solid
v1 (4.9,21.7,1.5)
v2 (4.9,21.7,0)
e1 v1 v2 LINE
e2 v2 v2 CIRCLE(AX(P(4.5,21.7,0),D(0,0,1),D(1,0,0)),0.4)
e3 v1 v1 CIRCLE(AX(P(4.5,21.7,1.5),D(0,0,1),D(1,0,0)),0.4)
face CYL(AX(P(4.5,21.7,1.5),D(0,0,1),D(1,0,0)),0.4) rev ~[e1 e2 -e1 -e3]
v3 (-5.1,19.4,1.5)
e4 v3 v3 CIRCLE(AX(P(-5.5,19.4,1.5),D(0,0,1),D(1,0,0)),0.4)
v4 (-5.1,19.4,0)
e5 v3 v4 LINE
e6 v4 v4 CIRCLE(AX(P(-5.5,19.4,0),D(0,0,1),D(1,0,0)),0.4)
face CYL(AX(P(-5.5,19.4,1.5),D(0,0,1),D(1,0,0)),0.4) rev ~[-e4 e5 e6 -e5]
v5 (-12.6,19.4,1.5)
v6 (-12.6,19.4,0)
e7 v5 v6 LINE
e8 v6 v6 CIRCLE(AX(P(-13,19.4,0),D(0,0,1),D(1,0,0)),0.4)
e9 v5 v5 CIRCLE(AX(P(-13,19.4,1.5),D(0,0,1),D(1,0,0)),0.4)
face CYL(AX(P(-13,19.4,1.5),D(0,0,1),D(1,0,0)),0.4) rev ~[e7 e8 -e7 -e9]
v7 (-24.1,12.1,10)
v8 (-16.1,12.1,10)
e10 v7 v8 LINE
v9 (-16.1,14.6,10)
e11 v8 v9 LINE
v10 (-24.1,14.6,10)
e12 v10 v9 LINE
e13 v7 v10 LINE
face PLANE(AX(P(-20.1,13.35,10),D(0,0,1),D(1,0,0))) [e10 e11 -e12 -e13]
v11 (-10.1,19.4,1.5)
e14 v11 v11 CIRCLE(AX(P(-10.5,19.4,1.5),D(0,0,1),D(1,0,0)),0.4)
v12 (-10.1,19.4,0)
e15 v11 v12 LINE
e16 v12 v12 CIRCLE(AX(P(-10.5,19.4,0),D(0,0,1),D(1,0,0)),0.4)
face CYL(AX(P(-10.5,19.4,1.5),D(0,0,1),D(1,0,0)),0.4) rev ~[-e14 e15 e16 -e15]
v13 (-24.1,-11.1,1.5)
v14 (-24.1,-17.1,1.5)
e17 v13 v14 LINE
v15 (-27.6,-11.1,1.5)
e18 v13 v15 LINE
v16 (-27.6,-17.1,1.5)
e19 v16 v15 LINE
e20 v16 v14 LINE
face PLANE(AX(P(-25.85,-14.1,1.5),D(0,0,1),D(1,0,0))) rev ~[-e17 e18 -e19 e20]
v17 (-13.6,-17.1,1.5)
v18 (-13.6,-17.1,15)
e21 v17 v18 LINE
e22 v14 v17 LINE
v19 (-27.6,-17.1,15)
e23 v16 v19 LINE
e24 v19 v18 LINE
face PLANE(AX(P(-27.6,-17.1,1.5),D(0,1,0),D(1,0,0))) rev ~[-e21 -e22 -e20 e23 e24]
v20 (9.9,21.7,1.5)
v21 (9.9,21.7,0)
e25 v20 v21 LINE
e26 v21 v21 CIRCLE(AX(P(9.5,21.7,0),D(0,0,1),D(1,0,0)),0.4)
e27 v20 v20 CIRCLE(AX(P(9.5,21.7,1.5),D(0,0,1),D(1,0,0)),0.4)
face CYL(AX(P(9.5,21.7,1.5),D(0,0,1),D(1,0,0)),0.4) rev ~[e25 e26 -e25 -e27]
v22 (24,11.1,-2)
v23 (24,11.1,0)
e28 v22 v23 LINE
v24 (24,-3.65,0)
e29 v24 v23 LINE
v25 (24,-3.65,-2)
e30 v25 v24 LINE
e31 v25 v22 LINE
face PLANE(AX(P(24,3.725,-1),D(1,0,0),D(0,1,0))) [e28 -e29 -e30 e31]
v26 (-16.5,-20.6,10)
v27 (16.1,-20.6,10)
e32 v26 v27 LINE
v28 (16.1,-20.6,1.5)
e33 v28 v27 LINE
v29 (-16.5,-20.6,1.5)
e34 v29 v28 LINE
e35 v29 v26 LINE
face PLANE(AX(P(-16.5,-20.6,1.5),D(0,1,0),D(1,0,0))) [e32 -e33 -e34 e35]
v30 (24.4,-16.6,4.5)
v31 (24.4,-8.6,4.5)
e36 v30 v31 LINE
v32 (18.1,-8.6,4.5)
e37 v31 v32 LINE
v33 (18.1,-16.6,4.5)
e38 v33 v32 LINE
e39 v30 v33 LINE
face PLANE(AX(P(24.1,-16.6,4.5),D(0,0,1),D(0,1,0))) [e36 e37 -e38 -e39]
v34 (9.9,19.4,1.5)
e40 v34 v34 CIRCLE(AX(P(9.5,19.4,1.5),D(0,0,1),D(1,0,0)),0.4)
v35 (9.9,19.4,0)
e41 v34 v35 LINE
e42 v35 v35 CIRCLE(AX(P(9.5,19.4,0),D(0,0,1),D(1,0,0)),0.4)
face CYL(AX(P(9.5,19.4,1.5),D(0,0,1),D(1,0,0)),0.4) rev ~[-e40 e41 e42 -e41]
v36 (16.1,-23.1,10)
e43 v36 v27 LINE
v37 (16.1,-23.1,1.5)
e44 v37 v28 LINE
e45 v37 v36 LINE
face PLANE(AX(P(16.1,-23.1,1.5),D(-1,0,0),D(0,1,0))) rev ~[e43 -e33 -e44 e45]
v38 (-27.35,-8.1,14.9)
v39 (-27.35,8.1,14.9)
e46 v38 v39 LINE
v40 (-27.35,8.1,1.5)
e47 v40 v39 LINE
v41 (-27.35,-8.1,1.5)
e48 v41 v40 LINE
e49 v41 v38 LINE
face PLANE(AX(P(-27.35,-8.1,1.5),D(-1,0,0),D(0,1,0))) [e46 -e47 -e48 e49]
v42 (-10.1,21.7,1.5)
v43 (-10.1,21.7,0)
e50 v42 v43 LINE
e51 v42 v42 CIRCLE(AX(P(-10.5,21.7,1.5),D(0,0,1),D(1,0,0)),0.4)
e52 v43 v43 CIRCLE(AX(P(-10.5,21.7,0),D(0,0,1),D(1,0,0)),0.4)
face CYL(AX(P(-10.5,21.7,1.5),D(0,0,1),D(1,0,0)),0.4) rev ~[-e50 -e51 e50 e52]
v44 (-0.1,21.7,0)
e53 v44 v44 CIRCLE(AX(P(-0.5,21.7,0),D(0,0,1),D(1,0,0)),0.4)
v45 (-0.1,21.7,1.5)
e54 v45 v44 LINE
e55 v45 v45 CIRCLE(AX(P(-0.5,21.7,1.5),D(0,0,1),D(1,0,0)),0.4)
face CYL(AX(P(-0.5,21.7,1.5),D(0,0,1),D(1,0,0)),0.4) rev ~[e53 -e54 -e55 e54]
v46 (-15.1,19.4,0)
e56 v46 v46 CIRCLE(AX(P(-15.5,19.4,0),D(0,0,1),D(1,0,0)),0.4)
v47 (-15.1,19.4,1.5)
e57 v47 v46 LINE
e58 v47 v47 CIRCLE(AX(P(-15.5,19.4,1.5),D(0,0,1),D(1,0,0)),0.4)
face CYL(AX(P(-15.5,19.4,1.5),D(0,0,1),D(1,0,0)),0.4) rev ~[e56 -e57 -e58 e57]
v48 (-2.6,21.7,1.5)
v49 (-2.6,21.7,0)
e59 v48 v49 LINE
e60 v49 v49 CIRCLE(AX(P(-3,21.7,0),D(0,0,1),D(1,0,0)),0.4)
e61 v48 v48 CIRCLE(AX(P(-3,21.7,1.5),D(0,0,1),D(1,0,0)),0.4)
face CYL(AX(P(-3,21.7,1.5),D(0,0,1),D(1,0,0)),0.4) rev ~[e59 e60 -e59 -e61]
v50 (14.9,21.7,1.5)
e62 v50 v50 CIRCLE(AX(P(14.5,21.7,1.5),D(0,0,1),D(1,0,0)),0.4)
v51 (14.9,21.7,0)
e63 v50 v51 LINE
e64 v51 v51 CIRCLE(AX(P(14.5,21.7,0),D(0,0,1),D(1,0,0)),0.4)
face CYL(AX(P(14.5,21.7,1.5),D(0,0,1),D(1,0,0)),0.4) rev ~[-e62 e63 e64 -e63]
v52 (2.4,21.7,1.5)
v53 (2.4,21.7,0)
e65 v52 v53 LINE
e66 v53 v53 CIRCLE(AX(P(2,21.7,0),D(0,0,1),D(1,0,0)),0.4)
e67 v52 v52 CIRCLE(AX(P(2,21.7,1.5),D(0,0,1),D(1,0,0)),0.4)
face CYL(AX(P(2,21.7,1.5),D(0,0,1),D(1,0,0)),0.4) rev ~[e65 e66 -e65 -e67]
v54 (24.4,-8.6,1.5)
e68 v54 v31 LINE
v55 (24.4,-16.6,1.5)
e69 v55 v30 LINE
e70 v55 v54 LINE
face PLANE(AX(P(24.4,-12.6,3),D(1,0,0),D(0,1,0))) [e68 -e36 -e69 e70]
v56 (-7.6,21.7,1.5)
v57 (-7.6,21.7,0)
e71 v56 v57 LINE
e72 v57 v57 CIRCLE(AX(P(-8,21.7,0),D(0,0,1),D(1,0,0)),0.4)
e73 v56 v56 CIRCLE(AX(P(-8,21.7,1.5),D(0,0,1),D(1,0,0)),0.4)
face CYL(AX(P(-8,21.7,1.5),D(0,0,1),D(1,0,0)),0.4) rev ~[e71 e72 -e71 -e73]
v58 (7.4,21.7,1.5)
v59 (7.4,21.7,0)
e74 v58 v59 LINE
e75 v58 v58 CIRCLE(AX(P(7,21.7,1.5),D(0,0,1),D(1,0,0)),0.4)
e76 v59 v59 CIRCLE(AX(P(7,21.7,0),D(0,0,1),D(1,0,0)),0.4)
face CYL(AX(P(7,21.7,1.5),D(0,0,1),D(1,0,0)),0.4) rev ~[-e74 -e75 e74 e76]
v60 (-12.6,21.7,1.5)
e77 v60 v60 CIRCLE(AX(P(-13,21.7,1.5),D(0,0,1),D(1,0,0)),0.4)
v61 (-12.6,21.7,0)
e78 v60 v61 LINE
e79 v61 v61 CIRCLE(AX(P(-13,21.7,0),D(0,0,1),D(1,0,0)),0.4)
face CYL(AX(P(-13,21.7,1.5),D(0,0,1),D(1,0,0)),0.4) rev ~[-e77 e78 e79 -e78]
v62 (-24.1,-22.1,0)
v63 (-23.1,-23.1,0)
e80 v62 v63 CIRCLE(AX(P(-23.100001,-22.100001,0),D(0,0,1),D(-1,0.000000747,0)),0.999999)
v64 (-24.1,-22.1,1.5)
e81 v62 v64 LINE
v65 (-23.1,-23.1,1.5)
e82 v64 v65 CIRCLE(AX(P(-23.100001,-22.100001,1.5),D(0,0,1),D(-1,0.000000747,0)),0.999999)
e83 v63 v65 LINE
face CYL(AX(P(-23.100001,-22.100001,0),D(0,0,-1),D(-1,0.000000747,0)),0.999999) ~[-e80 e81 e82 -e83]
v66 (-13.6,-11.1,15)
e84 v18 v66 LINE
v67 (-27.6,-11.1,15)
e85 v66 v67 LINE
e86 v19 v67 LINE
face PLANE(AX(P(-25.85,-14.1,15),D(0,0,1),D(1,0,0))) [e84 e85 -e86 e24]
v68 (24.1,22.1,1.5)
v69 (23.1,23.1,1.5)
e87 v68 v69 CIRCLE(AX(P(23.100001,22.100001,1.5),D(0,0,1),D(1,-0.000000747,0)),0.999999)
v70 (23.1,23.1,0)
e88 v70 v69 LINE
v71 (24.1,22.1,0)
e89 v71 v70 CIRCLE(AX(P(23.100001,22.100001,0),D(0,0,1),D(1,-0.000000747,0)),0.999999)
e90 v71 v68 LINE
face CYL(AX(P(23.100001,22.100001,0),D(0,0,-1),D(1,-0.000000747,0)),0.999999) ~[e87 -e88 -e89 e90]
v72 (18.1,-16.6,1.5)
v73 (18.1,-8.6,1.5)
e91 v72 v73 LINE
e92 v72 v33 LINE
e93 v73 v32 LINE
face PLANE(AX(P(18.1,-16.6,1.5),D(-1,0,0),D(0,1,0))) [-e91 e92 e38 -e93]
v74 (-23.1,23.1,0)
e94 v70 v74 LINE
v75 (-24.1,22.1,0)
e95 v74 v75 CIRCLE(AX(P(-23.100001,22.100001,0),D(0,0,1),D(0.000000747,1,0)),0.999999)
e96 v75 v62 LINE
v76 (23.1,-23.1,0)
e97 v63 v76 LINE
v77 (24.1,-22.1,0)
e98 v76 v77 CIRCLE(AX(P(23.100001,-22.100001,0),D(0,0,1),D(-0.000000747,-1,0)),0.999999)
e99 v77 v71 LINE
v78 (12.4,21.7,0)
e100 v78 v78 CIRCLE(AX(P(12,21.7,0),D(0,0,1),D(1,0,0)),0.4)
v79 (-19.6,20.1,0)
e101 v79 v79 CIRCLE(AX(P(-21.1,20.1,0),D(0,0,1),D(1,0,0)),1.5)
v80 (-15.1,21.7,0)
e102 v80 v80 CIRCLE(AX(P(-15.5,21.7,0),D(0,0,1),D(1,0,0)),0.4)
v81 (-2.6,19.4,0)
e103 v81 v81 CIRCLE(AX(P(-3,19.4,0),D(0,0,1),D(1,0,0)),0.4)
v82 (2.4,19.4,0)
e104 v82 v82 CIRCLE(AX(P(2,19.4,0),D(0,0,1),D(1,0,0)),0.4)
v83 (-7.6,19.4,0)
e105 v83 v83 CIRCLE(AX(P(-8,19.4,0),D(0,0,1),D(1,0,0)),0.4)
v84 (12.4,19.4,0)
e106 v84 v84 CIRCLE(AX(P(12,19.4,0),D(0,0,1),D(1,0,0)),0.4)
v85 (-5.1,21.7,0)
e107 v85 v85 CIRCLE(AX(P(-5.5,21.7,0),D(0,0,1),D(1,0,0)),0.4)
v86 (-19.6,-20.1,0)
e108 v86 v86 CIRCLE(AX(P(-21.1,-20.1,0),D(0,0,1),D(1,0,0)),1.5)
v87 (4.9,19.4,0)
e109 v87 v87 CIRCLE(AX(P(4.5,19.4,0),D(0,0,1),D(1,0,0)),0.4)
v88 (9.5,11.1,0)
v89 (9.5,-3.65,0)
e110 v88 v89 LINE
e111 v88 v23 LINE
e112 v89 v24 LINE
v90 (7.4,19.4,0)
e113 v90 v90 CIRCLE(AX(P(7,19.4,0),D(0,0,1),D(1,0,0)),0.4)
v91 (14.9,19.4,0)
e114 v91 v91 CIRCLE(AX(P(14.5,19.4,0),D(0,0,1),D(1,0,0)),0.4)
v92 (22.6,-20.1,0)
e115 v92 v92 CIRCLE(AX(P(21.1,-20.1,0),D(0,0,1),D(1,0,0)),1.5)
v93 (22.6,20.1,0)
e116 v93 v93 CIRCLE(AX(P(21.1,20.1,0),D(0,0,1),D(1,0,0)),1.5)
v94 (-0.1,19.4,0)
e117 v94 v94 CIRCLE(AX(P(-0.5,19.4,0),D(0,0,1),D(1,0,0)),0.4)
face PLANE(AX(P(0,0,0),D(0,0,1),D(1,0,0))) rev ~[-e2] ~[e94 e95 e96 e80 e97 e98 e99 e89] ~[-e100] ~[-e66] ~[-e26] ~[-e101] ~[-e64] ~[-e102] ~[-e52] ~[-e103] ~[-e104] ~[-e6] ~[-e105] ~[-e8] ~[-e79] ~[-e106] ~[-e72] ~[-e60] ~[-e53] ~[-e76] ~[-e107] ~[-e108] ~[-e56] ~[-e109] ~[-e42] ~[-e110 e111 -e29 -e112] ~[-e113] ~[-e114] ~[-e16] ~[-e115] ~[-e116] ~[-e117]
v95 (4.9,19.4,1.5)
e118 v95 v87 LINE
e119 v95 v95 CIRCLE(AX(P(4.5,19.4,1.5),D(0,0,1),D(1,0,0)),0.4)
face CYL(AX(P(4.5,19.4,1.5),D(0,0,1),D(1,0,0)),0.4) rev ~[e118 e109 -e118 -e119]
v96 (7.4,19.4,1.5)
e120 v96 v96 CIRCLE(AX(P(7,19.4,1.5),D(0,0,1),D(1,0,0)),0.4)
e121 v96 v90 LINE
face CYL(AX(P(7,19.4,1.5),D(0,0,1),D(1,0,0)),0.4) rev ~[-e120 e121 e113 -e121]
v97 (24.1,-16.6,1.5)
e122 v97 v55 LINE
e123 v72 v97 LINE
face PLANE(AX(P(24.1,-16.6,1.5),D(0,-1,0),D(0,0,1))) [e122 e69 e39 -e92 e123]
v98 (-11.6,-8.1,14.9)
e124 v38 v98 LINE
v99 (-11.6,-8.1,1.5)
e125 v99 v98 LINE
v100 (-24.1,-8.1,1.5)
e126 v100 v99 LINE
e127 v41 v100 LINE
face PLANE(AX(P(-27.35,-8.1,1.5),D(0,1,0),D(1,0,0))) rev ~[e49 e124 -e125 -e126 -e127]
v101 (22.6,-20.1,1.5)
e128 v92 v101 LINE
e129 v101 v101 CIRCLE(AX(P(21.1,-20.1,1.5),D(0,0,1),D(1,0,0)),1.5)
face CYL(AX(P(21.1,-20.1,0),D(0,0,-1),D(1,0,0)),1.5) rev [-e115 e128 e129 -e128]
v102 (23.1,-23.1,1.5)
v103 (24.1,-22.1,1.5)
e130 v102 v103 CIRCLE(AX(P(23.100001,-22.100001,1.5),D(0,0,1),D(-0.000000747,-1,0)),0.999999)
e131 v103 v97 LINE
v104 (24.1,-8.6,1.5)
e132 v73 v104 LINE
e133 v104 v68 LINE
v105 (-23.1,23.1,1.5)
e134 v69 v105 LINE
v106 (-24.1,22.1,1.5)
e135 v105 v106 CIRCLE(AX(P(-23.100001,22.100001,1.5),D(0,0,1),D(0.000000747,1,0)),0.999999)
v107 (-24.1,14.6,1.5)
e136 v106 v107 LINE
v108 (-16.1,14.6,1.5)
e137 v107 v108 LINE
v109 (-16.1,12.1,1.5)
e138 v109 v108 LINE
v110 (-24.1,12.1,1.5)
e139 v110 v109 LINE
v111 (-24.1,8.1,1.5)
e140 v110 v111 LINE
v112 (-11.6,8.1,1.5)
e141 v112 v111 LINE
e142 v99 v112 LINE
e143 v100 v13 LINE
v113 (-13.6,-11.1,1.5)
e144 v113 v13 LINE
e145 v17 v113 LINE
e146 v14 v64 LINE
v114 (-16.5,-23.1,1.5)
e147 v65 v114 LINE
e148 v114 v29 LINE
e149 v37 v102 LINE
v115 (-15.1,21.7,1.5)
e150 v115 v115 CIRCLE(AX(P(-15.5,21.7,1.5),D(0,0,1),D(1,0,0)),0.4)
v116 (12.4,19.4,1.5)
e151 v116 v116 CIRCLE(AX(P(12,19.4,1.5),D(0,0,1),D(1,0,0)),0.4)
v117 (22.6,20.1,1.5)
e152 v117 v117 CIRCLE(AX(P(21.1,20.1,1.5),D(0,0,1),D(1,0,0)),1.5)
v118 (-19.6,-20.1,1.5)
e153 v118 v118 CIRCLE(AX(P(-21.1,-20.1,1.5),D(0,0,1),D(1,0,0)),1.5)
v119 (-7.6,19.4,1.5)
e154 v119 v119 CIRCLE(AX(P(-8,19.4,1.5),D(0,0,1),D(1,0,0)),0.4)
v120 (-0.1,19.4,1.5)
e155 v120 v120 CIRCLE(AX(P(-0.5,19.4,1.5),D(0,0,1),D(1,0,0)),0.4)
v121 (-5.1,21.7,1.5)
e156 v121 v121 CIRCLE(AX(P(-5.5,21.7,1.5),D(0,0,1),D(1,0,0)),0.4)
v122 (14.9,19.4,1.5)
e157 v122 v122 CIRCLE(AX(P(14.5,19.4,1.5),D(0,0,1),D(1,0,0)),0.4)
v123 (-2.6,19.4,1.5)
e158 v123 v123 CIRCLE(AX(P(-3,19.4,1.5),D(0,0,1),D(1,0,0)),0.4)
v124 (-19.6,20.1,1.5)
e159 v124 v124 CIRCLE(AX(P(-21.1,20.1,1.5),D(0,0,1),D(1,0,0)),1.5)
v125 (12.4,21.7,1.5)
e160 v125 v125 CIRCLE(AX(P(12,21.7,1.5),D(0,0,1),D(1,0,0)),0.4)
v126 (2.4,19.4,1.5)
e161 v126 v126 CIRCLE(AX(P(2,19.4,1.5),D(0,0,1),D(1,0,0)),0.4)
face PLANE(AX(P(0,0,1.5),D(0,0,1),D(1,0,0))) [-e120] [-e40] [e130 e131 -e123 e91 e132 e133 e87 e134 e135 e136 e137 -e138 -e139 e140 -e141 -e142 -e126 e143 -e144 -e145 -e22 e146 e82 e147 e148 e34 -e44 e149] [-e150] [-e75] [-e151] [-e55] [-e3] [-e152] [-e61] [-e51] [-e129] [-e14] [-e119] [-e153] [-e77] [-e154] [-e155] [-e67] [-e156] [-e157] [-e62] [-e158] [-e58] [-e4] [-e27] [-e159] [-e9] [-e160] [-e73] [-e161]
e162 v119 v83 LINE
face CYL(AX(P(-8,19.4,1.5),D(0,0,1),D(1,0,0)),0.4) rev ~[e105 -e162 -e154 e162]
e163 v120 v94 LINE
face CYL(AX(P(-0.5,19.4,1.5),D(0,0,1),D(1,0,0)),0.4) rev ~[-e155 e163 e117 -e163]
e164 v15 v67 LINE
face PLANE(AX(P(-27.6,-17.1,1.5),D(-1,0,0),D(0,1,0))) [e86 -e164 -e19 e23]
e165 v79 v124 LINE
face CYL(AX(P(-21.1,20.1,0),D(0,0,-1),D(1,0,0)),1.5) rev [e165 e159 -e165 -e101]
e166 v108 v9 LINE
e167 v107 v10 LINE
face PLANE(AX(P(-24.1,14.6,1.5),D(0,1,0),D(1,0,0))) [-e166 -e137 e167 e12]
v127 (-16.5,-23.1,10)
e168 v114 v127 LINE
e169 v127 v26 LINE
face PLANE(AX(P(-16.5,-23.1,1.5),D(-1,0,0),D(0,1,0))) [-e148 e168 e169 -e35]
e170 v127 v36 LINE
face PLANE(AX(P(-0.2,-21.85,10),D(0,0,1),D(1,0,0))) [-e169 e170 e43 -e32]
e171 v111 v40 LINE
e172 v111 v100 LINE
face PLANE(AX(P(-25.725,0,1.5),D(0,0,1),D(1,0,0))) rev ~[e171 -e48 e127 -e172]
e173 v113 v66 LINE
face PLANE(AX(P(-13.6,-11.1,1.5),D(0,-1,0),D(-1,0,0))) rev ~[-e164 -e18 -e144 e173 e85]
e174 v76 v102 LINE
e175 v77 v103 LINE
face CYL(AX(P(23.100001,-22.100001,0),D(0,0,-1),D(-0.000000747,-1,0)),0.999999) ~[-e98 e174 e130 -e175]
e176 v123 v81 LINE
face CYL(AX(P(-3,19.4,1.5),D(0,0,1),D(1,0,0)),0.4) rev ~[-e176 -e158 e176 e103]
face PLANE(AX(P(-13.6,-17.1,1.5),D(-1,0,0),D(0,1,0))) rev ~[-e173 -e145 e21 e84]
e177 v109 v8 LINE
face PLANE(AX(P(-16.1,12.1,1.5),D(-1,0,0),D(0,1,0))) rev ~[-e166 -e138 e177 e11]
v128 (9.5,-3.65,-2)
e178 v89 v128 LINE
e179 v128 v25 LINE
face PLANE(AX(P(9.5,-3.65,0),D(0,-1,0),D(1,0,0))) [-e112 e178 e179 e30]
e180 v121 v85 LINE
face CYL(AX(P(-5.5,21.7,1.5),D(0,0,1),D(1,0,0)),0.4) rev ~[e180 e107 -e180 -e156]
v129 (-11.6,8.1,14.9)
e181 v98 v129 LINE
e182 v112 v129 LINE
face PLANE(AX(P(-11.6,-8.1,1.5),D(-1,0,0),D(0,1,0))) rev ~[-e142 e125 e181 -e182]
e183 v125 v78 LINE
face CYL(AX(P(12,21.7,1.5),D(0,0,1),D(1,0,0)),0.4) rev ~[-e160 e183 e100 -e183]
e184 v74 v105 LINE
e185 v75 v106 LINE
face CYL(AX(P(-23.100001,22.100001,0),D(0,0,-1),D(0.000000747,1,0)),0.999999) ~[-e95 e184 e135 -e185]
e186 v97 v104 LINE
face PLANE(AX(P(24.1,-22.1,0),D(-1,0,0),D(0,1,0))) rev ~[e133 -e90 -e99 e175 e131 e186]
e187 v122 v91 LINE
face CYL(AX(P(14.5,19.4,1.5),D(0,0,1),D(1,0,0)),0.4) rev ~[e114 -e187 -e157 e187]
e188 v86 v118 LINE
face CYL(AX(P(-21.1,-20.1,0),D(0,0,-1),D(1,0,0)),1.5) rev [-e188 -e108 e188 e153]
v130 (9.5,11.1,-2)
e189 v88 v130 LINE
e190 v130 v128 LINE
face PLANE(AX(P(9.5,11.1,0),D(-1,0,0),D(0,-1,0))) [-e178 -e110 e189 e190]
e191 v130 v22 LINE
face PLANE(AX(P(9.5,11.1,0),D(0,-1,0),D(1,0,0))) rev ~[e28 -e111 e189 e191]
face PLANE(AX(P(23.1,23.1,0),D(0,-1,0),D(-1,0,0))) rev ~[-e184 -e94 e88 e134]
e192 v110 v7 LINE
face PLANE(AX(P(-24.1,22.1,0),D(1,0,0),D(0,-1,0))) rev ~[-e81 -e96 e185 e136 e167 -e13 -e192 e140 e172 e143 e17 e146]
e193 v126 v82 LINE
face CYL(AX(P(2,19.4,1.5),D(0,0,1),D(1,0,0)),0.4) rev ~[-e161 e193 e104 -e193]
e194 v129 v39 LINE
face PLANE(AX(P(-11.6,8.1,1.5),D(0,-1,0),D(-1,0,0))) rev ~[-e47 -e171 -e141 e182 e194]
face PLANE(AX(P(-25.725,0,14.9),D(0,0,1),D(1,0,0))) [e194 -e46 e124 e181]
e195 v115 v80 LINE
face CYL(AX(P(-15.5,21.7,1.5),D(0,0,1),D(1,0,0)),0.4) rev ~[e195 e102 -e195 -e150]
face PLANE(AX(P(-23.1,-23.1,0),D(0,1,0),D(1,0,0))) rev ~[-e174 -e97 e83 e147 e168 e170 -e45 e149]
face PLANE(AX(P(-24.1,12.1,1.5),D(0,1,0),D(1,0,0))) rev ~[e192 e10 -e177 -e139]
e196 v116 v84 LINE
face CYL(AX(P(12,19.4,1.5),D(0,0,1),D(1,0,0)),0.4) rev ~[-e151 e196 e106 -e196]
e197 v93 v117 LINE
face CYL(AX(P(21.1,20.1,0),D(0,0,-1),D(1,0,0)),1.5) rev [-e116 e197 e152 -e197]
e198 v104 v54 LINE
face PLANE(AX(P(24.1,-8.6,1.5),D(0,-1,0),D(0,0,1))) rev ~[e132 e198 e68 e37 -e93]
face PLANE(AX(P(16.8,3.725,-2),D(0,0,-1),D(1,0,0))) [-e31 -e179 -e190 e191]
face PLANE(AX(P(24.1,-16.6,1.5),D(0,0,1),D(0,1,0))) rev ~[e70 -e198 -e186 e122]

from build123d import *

# Parameters (mm, degrees)
F0_R      = 1.5
F1_DEPTH  = 1.5
F2_W      = 32.6
F2_H      = 2.5
F3_DEPTH  = 8.5
F4_W      = 6
F4_H      = 8
F5_DEPTH  = 3
F6_W      = 8
F6_H      = 3
F7_DEPTH  = 0.3
F8_R      = 0.4
F9_DEPTH  = 1.5
F10_W     = 8
F10_H     = 2.5
F11_DEPTH = 8.5
F12_W     = 3.25
F12_H     = 16.2
F12_W_2   = 12.5
F13_DEPTH = 13.4
F14_W     = 3.5
F14_H     = 6
F14_W_2   = 10.5
F15_DEPTH = 13.5
F16_W     = 14.6
F16_H     = 14.75
F17_DEPTH = 2
F18_W     = 14.75
F18_H     = 2
F19_DEPTH = 0.1


with BuildPart() as f1:
    # F0 (on Top) → F1 (new body)
    with BuildSketch(Plane.XY):
        with BuildLine():
            Line((-23.1, -23.1), (23.1, -23.1))
            ThreePointArc((23.1, -23.1), (23.807107, -22.807107), (24.1, -22.1))
            Line((24.1, -22.1), (24.1, 22.1))
            ThreePointArc((24.1, 22.1), (23.807107, 22.807107), (23.1, 23.1))
            Line((23.1, 23.1), (-23.1, 23.1))
            ThreePointArc((-23.1, 23.1), (-23.807107, 22.807107), (-24.1, 22.1))
            Line((-24.1, 22.1), (-24.1, -22.1))
            ThreePointArc((-24.1, -22.1), (-23.807107, -22.807107), (-23.1, -23.1))
        make_face()
        with Locations((-21.1, -20.1)):
            Circle(F0_R, mode=Mode.SUBTRACT)
        with Locations((21.1, -20.1)):
            Circle(F0_R, mode=Mode.SUBTRACT)
        with Locations((-21.1, 20.1)):
            Circle(F0_R, mode=Mode.SUBTRACT)
        with Locations((21.1, 20.1)):
            Circle(F0_R, mode=Mode.SUBTRACT)
    extrude(amount=F1_DEPTH)

    # F2 (on face) → F3 (join)
    with BuildSketch(Plane.XY.offset(1.5)):
        with Locations((-0.2, -21.85)):
            Rectangle(F2_W, F2_H)
    extrude(amount=F3_DEPTH)

    # F4 (on face) → F5 (join)
    with BuildSketch(Plane.XY.offset(1.5)):
        with Locations((21.1, -12.6)):
            Rectangle(F4_W, F4_H)
    extrude(amount=F5_DEPTH)

    # F6 (on face) → F7 (join)
    with BuildSketch(Plane.YZ.offset(24.1)):
        with Locations((-12.6, 3)):
            Rectangle(F6_W, F6_H)
    extrude(amount=F7_DEPTH)

    # F8 (on face) → F9 (cut, through all)
    with BuildSketch(Plane.XY.offset(1.5)):
        with Locations((-13, 21.7)):
            Circle(F8_R)
        with Locations((-15.5, 21.7)):
            Circle(F8_R)
        with Locations((-10.5, 21.7)):
            Circle(F8_R)
        with Locations((-8, 21.7)):
            Circle(F8_R)
        with Locations((-5.5, 21.7)):
            Circle(F8_R)
        with Locations((-3, 21.7)):
            Circle(F8_R)
        with Locations((-0.5, 21.7)):
            Circle(F8_R)
        with Locations((2, 21.7)):
            Circle(F8_R)
        with Locations((4.5, 21.7)):
            Circle(F8_R)
        with Locations((7, 21.7)):
            Circle(F8_R)
        with Locations((9.5, 21.7)):
            Circle(F8_R)
        with Locations((12, 21.7)):
            Circle(F8_R)
        with Locations((14.5, 21.7)):
            Circle(F8_R)
        with Locations((14.5, 19.4)):
            Circle(F8_R)
        with Locations((12, 19.4)):
            Circle(F8_R)
        with Locations((9.5, 19.4)):
            Circle(F8_R)
        with Locations((7, 19.4)):
            Circle(F8_R)
        with Locations((4.5, 19.4)):
            Circle(F8_R)
        with Locations((2, 19.4)):
            Circle(F8_R)
        with Locations((-0.5, 19.4)):
            Circle(F8_R)
        with Locations((-3, 19.4)):
            Circle(F8_R)
        with Locations((-5.5, 19.4)):
            Circle(F8_R)
        with Locations((-8, 19.4)):
            Circle(F8_R)
        with Locations((-10.5, 19.4)):
            Circle(F8_R)
        with Locations((-13, 19.4)):
            Circle(F8_R)
        with Locations((-15.5, 19.4)):
            Circle(F8_R)
    extrude(amount=-F9_DEPTH, mode=Mode.SUBTRACT)

    # F10 (on face) → F11 (join)
    with BuildSketch(Plane.XY.offset(1.5)):
        with Locations((-20.1, 13.35)):
            Rectangle(F10_W, F10_H)
    extrude(amount=F11_DEPTH)

    # F12 (on face) → F13 (join)
    with BuildSketch(Plane.XY.offset(1.5)):
        with Locations((-25.725, 0)):
            Rectangle(F12_W, F12_H)
        with Locations((-17.85, 0)):
            Rectangle(F12_W_2, F12_H)
    extrude(amount=F13_DEPTH)

    # F14 (on face) → F15 (join)
    with BuildSketch(Plane.XY.offset(1.5)):
        with Locations((-25.85, -14.1)):
            Rectangle(F14_W, F14_H)
        with Locations((-18.85, -14.1)):
            Rectangle(F14_W_2, F14_H)
    extrude(amount=F15_DEPTH)

    # F16 (on face) → F17 (join)
    with BuildSketch(Plane(origin=(0, 0, 0), x_dir=(1, 0, 0), z_dir=(0, 0, -1))):
        with Locations((16.8, -3.725)):
            Rectangle(F16_W, F16_H)
    extrude(amount=F17_DEPTH)

    # F18 (on face) → F19 (cut)
    with BuildSketch(Plane.YZ.offset(24.1)):
        with Locations((3.725, -1)):
            Rectangle(F18_W, F18_H)
    extrude(amount=-F19_DEPTH, mode=Mode.SUBTRACT)


solid = f1.part
